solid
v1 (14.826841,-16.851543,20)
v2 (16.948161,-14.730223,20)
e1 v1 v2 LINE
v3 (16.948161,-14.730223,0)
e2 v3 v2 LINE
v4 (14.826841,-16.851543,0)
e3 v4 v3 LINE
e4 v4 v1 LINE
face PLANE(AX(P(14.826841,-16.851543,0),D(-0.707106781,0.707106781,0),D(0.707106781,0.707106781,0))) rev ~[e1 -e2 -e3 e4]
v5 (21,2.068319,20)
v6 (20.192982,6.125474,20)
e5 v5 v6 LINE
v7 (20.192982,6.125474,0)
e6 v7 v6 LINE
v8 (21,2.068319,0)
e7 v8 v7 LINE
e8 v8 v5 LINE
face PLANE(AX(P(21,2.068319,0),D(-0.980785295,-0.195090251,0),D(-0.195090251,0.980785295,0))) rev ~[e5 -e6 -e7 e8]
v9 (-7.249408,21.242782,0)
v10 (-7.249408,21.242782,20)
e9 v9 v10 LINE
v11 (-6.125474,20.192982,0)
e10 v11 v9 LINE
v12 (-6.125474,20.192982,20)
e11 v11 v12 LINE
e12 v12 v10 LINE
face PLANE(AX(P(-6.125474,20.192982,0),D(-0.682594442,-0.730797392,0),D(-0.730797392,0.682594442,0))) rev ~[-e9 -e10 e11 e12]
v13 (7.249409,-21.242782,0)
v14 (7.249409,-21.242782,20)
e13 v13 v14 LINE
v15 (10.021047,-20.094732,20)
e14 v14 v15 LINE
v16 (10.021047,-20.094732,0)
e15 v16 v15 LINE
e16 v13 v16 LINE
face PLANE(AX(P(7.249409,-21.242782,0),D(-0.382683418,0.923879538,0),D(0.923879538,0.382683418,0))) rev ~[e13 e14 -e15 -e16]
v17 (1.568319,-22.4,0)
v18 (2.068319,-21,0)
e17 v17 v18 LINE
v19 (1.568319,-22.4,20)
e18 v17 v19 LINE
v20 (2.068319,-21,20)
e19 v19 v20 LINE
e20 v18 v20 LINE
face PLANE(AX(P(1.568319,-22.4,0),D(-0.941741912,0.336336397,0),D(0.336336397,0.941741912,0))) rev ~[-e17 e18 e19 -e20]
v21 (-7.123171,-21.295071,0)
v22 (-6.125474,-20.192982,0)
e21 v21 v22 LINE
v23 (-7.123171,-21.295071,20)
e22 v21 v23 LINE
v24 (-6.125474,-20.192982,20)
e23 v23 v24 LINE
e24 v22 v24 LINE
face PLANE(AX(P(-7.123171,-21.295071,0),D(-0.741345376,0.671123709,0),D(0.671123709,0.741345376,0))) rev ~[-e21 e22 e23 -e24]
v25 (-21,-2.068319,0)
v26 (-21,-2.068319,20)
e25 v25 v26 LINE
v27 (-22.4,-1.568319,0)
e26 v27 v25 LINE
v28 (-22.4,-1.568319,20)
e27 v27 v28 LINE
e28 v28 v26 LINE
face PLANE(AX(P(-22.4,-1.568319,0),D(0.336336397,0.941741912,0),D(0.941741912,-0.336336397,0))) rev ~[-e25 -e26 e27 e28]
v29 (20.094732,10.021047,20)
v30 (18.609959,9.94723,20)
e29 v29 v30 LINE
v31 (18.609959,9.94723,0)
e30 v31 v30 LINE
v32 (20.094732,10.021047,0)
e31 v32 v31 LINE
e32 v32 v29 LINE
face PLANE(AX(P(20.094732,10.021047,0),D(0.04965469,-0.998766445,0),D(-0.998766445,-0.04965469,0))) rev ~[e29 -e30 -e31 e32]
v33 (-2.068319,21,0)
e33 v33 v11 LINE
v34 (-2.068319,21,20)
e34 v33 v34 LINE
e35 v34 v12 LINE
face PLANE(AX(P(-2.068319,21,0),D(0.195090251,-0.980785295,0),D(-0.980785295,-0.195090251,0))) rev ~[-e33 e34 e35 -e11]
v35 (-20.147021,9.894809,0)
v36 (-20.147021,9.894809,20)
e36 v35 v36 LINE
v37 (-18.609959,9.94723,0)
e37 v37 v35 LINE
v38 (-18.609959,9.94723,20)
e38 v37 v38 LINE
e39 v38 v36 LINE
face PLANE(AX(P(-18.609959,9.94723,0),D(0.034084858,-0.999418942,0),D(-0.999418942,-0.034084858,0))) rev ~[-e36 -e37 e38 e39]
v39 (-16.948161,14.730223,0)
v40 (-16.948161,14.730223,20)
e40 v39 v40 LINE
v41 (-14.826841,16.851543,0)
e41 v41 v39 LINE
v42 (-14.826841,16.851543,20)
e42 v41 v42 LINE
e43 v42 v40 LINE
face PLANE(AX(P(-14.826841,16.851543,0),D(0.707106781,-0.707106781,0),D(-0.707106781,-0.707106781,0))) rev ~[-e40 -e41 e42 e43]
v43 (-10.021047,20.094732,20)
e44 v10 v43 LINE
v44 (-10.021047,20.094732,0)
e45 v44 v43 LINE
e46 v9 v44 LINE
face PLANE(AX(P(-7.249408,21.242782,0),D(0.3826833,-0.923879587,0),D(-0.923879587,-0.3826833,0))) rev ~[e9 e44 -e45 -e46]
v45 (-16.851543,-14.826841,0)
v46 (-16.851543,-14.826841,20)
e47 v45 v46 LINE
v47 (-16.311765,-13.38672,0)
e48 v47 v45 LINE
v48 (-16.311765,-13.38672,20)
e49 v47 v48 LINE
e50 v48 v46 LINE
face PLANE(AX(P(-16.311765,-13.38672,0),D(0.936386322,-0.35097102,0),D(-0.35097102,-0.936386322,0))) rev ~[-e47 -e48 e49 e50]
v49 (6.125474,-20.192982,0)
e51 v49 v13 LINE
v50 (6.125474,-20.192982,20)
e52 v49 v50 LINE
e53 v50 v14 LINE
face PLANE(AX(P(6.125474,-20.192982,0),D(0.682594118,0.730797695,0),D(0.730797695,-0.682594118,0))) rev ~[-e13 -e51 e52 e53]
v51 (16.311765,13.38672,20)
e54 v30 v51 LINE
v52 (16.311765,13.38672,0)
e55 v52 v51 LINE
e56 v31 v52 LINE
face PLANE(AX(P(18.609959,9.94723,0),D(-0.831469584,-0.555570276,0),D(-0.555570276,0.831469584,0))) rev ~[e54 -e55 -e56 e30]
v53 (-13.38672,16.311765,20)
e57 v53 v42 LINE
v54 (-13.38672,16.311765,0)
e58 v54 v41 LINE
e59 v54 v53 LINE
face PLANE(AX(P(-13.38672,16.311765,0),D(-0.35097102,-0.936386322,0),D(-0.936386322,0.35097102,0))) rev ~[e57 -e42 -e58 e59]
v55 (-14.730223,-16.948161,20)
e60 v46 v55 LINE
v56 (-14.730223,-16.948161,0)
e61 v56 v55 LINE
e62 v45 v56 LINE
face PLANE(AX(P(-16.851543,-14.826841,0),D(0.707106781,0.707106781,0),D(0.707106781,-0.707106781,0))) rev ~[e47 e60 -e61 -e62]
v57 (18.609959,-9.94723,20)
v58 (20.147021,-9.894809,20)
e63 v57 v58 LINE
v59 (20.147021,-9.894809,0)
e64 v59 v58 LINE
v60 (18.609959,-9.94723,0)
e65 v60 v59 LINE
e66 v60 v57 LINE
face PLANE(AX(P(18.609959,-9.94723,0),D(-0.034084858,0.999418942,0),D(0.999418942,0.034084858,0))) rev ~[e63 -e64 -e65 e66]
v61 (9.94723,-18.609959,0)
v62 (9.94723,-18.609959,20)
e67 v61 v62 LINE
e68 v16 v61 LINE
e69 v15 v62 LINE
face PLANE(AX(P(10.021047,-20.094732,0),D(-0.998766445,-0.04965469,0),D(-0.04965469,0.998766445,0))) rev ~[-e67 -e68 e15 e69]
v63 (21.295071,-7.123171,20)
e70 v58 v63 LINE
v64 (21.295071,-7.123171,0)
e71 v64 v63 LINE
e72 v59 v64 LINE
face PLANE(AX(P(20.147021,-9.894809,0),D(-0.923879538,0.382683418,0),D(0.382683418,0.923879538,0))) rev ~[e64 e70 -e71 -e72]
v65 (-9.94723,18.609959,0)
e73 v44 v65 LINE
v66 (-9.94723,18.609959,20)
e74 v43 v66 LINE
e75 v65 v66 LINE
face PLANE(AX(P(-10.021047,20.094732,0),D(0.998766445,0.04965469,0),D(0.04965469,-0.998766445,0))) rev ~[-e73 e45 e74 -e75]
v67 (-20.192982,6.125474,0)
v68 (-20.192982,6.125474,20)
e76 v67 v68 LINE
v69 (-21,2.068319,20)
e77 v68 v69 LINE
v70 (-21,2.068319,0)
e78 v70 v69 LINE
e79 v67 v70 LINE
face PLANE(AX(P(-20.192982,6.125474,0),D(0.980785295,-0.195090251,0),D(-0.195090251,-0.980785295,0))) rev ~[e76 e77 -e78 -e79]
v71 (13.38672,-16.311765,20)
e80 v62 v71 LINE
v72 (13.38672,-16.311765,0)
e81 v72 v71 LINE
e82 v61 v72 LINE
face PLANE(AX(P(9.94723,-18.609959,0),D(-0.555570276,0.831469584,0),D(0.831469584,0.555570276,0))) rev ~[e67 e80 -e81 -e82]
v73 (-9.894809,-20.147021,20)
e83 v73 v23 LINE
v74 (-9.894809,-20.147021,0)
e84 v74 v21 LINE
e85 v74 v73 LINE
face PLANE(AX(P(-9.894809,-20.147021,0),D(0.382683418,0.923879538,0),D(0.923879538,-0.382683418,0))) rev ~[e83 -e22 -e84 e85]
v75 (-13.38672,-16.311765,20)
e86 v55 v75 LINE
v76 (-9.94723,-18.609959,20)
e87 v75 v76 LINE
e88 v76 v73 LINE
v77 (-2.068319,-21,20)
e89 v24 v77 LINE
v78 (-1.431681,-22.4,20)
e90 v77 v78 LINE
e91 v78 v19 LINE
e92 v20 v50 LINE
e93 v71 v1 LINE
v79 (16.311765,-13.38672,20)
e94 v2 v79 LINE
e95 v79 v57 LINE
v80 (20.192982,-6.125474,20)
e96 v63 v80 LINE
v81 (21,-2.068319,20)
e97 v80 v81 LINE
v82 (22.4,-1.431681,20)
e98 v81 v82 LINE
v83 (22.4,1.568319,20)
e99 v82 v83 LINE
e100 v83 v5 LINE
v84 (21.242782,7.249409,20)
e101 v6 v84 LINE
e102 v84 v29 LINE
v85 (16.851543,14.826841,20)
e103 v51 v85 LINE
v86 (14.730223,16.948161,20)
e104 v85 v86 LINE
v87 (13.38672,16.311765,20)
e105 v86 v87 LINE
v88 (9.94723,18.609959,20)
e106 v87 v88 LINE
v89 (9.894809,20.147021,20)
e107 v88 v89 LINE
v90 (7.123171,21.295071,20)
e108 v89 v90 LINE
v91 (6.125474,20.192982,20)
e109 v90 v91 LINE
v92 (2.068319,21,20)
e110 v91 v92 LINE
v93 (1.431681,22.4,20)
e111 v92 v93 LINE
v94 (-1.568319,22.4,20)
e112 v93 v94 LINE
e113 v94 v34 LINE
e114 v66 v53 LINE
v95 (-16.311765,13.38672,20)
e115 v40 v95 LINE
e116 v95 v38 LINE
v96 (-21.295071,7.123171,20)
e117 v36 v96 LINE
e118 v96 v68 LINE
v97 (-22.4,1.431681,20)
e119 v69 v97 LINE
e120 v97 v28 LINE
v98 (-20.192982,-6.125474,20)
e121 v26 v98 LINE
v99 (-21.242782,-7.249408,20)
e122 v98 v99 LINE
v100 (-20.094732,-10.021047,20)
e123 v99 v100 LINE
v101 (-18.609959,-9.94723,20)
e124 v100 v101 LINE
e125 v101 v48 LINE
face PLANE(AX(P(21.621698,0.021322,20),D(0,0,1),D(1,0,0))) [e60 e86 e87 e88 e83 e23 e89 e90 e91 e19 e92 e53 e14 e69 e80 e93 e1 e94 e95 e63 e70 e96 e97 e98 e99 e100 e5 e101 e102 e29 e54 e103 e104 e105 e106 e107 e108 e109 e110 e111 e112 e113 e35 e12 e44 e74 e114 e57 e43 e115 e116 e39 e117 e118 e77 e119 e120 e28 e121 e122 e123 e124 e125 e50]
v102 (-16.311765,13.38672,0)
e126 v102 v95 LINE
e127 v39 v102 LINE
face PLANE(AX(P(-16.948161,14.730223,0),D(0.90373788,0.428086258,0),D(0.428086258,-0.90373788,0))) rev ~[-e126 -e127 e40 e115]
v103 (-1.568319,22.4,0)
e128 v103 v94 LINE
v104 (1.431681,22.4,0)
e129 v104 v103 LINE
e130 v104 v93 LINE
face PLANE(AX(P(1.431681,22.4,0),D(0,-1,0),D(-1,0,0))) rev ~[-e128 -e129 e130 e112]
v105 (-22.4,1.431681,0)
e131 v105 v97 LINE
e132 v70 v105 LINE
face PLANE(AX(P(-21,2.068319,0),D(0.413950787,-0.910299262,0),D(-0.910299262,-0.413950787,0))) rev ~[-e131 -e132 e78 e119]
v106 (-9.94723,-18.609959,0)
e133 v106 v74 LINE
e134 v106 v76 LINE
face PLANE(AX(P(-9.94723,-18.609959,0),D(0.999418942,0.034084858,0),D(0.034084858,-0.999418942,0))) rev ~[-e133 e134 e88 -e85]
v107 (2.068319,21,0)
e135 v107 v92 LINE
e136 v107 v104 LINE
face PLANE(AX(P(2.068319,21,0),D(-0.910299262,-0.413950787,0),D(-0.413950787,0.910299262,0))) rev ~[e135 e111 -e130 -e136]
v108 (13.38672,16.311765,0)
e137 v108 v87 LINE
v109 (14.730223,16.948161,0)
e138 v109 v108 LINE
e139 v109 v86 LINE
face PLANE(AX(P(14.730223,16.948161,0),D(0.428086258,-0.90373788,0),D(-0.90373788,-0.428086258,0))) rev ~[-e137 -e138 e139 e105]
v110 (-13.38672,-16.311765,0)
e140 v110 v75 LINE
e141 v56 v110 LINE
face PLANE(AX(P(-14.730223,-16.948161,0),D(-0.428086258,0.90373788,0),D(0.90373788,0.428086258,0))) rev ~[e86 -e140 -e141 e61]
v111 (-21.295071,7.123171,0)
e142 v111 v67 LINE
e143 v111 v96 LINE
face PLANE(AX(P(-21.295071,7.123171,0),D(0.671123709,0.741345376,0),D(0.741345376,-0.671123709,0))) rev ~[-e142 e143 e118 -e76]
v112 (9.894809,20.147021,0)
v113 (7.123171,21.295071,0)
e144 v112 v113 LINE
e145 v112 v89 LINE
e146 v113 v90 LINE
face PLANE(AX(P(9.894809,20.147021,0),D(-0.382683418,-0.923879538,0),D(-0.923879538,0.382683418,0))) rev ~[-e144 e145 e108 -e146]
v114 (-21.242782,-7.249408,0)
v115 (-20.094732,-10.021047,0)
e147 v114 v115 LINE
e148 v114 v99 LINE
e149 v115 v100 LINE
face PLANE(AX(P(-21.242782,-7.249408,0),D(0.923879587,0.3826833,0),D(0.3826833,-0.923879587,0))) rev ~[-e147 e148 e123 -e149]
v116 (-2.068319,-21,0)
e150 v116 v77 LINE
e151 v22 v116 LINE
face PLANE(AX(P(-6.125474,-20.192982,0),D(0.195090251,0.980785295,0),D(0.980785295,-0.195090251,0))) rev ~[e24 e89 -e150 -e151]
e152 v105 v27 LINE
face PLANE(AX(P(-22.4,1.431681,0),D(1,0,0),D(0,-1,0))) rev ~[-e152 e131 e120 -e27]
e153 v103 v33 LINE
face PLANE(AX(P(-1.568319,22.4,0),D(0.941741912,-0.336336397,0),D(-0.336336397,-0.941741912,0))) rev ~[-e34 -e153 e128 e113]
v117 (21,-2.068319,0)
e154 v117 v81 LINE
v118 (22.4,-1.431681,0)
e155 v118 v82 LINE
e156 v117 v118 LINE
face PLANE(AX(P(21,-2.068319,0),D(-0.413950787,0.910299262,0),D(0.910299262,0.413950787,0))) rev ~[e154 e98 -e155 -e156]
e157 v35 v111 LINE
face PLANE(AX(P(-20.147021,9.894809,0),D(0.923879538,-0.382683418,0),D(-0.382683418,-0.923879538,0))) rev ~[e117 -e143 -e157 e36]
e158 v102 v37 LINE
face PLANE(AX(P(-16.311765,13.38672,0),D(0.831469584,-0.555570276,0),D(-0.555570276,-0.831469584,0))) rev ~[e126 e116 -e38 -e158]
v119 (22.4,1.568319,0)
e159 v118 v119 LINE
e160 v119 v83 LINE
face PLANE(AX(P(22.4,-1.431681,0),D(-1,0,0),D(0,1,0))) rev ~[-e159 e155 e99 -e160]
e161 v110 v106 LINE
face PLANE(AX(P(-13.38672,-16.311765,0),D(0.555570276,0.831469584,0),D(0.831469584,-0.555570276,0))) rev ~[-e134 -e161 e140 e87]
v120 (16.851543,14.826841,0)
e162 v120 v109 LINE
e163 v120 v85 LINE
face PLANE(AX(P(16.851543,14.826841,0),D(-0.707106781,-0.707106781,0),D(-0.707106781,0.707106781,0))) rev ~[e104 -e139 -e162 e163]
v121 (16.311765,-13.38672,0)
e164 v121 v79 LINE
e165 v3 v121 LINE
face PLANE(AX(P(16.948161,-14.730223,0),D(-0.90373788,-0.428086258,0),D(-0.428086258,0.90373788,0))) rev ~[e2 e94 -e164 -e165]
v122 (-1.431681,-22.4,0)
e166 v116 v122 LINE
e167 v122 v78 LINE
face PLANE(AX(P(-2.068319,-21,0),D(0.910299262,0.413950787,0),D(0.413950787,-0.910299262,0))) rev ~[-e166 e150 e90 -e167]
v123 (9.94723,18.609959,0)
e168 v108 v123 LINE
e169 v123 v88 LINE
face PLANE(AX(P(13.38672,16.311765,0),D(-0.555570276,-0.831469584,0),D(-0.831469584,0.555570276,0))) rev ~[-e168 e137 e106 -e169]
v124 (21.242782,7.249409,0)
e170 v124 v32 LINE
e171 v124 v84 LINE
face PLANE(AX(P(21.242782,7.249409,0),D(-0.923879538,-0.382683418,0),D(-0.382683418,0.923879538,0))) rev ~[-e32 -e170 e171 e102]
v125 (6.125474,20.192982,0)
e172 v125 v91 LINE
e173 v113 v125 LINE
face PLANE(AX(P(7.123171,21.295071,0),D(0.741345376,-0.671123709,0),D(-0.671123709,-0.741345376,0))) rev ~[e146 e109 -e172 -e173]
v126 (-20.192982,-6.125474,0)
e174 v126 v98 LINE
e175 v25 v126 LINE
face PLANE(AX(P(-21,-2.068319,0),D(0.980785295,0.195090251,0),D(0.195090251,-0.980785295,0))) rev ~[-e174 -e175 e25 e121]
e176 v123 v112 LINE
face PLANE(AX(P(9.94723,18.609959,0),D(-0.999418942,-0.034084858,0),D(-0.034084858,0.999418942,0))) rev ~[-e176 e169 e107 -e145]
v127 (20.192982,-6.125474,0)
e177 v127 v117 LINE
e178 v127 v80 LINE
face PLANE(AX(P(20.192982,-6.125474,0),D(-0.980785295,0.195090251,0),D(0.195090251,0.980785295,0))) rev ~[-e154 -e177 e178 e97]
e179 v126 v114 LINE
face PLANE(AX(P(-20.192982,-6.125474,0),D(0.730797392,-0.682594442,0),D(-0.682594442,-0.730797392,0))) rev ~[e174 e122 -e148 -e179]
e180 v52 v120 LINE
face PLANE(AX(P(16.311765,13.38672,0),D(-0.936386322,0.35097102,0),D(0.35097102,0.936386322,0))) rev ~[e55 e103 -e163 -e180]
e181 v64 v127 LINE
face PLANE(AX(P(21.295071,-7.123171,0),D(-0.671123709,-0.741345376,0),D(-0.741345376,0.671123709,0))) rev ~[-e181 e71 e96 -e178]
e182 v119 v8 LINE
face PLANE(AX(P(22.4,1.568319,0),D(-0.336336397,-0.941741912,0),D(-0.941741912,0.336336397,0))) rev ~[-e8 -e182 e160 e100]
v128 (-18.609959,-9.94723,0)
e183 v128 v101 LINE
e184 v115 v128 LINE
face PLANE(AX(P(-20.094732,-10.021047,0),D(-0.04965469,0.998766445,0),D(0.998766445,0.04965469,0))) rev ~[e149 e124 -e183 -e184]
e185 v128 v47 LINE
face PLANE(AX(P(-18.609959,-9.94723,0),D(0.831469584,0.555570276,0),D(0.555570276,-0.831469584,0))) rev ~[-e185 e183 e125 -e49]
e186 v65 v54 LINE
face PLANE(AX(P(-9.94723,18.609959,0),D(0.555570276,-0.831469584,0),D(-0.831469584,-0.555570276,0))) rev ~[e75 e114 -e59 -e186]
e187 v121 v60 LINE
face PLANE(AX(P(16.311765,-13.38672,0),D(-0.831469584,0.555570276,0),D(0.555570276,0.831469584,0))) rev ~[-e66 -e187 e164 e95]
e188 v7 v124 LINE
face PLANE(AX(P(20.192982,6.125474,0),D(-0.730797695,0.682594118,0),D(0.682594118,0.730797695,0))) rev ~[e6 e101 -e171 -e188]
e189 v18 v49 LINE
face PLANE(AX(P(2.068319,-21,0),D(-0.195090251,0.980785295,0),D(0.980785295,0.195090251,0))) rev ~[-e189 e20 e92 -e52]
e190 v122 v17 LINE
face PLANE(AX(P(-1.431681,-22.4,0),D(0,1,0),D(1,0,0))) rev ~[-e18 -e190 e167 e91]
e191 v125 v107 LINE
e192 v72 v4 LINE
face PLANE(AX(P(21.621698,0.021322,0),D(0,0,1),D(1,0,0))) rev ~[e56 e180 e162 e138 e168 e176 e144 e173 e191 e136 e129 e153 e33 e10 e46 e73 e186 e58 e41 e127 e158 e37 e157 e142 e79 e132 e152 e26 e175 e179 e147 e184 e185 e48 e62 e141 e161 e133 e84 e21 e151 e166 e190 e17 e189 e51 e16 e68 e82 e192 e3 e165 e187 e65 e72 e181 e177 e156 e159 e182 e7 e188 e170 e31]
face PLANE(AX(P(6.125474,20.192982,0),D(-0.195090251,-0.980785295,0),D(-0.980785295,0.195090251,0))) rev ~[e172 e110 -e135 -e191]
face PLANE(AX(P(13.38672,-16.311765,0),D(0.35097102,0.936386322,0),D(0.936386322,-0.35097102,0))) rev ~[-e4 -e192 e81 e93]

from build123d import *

# Parameters (mm, degrees)
F1_DEPTH = 20


with BuildPart() as f1:
    # F0 (on Top) → F1 (new body)
    with BuildSketch(Plane.XY):
        Polygon((22.4, 1.568319), (21, 2.068319), (21, -2.068319), (22.4, -1.431681), align=None)
        Polygon((21, -2.068319), (21, 2.068319), (20.192982, 6.125474), (18.609959, 9.94723), (16.311765, 13.38672), (13.38672, 16.311765), (9.94723, 18.609959), (6.125474, 20.192982), (2.068319, 21), (-2.068319, 21), (-6.125474, 20.192982), (-9.94723, 18.609959), (-13.38672, 16.311765), (-16.311765, 13.38672), (-18.609959, 9.94723), (-20.192982, 6.125474), (-21, 2.068319), (-21, -2.068319), (-20.192982, -6.125474), (-18.609959, -9.94723), (-16.311765, -13.38672), (-13.38672, -16.311765), (-9.94723, -18.609959), (-6.125474, -20.192982), (-2.068319, -21), (2.068319, -21), (6.125474, -20.192982), (9.94723, -18.609959), (13.38672, -16.311765), (16.311765, -13.38672), (18.609959, -9.94723), (20.192982, -6.125474), align=None)
        Polygon((18.609959, 9.94723), (20.192982, 6.125474), (21.242782, 7.249409), (20.094732, 10.021047), align=None)
        Polygon((21.295071, -7.123171), (20.192982, -6.125474), (18.609959, -9.94723), (20.147021, -9.894809), align=None)
        Polygon((13.38672, 16.311765), (16.311765, 13.38672), (16.851543, 14.826841), (14.730223, 16.948161), align=None)
        Polygon((16.948161, -14.730223), (16.311765, -13.38672), (13.38672, -16.311765), (14.826841, -16.851543), align=None)
        Polygon((6.125474, 20.192982), (9.94723, 18.609959), (9.894809, 20.147021), (7.123171, 21.295071), align=None)
        Polygon((10.021047, -20.094732), (9.94723, -18.609959), (6.125474, -20.192982), (7.249409, -21.242782), align=None)
        Polygon((-2.068319, 21), (2.068319, 21), (1.431681, 22.4), (-1.568319, 22.4), align=None)
        Polygon((1.568319, -22.4), (2.068319, -21), (-2.068319, -21), (-1.431681, -22.4), align=None)
        Polygon((-9.94723, 18.609959), (-6.125474, 20.192982), (-7.249408, 21.242782), (-10.021047, 20.094732), align=None)
        Polygon((-7.123171, -21.295071), (-6.125474, -20.192982), (-9.94723, -18.609959), (-9.894809, -20.147021), align=None)
        Polygon((-16.311765, 13.38672), (-13.38672, 16.311765), (-14.826841, 16.851543), (-16.948161, 14.730223), align=None)
        Polygon((-14.730223, -16.948161), (-13.38672, -16.311765), (-16.311765, -13.38672), (-16.851543, -14.826841), align=None)
        Polygon((-20.192982, 6.125474), (-18.609959, 9.94723), (-20.147021, 9.894809), (-21.295071, 7.123171), align=None)
        Polygon((-20.094732, -10.021047), (-18.609959, -9.94723), (-20.192982, -6.125474), (-21.242782, -7.249408), align=None)
        Polygon((-21, -2.068319), (-21, 2.068319), (-22.4, 1.431681), (-22.4, -1.568319), align=None)
    extrude(amount=F1_DEPTH)


solid = f1.part
